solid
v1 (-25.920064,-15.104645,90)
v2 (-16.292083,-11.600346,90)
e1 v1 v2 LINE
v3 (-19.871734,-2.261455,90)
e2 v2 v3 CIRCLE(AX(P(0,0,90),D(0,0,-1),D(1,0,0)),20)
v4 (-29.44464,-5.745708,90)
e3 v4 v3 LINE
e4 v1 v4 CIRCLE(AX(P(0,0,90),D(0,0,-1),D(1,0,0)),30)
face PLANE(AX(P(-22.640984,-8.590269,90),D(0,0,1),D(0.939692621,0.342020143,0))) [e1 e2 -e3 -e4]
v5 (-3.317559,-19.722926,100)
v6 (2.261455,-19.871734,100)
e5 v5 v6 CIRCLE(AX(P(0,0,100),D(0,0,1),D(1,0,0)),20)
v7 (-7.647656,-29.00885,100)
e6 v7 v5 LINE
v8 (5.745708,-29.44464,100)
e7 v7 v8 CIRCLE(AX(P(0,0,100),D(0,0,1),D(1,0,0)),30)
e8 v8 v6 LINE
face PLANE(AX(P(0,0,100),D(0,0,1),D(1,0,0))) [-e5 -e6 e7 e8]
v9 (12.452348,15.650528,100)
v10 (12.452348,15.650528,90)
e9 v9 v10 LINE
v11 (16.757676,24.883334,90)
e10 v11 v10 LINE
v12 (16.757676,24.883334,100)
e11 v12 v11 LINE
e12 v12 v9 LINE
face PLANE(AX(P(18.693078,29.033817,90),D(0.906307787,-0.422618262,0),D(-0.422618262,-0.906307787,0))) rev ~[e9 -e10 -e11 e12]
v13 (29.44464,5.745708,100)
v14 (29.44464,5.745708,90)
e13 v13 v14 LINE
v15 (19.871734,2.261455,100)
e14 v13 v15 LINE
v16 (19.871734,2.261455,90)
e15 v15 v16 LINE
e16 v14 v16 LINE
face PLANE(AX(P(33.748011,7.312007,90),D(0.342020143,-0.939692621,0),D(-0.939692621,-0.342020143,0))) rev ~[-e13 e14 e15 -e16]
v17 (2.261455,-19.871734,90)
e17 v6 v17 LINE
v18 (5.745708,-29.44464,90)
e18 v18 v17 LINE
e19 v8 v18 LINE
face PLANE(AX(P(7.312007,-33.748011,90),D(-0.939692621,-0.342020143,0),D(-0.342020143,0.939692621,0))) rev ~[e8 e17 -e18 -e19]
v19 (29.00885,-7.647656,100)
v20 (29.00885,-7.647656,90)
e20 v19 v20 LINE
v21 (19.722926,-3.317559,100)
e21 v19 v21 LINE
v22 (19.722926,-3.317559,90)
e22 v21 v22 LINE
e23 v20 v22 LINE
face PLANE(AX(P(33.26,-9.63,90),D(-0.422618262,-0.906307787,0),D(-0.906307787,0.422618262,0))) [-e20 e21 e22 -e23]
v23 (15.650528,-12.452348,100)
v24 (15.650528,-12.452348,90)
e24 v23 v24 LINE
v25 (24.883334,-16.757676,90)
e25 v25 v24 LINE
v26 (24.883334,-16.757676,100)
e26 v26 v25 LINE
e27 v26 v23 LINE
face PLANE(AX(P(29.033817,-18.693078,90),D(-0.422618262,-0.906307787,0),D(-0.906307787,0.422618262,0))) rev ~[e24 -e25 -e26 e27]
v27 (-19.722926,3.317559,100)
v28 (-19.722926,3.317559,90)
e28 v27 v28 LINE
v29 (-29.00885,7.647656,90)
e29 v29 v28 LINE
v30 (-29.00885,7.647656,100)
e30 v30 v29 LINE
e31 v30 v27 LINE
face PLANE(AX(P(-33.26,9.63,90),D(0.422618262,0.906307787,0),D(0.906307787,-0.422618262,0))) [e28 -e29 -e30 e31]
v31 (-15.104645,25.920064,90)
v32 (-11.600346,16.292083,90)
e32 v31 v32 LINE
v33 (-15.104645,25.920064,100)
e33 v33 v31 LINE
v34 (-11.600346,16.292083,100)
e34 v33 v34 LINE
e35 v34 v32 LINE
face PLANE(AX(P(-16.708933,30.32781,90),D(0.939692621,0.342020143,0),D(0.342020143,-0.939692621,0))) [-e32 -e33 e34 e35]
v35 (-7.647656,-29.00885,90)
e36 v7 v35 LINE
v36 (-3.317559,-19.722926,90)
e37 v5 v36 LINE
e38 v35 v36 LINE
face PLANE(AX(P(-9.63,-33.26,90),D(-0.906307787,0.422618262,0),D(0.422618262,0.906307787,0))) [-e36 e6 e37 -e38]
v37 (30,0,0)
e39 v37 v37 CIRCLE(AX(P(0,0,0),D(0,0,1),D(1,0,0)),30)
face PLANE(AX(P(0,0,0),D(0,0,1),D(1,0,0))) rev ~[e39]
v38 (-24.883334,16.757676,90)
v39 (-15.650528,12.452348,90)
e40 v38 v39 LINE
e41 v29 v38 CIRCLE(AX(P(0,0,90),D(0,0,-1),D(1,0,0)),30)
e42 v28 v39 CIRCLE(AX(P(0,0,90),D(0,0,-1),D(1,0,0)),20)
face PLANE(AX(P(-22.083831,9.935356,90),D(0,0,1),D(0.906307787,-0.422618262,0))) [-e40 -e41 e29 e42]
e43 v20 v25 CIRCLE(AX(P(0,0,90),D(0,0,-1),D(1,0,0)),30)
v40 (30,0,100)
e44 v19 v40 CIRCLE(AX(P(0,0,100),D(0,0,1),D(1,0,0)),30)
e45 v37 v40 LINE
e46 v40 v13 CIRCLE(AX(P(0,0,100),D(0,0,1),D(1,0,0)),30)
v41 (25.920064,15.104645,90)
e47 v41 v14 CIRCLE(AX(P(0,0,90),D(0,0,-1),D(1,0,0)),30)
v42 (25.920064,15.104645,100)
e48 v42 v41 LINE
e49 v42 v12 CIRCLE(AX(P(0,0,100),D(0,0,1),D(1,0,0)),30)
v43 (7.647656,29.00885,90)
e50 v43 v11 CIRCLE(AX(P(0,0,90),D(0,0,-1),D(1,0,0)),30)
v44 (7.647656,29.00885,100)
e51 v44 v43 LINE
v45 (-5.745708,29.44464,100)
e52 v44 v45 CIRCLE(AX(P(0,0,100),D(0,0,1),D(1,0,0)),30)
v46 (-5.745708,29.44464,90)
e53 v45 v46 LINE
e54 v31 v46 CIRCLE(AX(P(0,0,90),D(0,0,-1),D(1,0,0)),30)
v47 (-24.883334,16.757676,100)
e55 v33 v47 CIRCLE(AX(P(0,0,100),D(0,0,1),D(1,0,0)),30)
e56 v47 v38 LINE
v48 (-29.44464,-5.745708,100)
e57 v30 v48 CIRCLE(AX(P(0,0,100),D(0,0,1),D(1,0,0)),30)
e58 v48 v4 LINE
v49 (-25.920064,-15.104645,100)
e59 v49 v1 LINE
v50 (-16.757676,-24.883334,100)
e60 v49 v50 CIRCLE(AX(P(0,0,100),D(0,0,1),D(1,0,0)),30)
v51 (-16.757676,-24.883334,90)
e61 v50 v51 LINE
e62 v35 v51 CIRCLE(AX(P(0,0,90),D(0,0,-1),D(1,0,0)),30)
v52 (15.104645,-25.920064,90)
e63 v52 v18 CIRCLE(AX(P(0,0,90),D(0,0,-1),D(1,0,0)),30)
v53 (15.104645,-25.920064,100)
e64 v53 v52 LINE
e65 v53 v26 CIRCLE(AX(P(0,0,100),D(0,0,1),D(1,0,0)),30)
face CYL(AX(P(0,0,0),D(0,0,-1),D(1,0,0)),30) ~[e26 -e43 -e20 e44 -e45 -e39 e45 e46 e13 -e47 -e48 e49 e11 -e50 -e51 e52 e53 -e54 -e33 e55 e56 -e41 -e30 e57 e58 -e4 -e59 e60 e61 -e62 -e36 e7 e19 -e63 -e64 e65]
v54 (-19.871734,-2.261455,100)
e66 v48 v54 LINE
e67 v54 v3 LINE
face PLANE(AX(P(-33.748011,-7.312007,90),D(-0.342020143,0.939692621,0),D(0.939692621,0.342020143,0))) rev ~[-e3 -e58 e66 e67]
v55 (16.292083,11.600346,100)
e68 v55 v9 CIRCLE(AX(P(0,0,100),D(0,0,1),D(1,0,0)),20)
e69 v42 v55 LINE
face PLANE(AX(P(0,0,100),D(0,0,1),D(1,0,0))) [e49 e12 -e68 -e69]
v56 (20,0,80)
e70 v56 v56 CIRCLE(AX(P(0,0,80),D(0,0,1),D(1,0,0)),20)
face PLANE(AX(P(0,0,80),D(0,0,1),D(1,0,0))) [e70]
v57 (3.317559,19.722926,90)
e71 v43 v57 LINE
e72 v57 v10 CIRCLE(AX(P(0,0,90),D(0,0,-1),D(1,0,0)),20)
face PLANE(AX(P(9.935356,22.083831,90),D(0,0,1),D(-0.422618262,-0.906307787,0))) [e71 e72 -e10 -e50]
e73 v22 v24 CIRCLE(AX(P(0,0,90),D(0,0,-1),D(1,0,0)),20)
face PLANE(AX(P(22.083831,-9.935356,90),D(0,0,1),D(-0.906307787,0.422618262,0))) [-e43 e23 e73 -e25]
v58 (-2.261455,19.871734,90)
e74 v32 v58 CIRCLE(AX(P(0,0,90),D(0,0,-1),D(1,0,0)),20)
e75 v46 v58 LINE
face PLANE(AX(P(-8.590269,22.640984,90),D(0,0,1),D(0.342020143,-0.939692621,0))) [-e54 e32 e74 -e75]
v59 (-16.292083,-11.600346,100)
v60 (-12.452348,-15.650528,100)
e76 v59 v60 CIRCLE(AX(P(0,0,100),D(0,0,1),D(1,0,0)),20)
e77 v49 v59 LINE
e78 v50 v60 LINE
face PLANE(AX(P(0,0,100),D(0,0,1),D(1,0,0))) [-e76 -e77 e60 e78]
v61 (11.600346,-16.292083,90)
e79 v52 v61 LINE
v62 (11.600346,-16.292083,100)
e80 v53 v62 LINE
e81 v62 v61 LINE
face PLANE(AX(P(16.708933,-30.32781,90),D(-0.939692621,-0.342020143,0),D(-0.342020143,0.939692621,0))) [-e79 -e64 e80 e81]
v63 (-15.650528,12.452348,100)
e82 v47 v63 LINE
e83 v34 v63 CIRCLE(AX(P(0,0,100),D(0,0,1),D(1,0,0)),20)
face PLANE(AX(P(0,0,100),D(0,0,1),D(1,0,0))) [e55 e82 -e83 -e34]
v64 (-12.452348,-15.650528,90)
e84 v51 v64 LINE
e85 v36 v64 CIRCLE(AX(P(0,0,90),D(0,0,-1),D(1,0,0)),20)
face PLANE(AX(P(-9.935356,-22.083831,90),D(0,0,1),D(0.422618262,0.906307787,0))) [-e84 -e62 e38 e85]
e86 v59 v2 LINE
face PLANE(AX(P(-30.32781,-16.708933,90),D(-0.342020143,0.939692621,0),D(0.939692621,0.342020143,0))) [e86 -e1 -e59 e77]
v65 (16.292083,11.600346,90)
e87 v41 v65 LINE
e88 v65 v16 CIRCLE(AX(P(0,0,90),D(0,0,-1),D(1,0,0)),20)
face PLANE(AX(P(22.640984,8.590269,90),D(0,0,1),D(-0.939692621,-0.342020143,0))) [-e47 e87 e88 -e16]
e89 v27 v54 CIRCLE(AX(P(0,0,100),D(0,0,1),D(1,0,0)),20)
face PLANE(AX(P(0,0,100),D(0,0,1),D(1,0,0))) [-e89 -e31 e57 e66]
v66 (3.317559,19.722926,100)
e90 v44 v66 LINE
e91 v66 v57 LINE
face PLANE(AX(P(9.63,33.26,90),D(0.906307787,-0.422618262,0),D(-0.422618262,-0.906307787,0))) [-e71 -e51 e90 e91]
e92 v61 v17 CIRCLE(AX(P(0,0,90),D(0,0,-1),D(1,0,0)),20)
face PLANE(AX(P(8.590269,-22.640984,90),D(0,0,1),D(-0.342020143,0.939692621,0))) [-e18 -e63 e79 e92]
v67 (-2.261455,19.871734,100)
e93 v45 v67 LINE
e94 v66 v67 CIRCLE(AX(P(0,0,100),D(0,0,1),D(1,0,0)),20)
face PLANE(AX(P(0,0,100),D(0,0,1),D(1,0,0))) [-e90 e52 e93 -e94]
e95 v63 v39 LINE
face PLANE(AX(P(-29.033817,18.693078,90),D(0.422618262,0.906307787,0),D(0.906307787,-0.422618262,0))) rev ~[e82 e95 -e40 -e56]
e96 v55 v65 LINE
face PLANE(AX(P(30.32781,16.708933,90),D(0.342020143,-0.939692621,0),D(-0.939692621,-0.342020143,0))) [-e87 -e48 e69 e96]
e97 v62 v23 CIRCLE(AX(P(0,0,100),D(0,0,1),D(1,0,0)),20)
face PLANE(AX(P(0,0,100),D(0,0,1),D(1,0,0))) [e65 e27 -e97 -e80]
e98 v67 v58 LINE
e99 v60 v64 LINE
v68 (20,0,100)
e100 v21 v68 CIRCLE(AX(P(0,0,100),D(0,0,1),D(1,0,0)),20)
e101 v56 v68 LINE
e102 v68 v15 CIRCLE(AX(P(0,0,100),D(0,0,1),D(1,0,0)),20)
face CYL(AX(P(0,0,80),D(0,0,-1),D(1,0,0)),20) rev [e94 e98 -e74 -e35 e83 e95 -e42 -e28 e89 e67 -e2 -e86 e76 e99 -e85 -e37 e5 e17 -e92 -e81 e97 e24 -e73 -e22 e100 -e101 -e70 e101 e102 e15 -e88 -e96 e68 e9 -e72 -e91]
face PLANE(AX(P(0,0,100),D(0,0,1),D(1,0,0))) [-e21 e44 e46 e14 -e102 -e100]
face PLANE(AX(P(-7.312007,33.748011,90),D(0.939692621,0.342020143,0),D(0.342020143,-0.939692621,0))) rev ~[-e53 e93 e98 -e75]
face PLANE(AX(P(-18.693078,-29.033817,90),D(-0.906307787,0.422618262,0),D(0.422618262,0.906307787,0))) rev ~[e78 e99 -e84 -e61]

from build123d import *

# Parameters (mm, degrees)
BOX_W               = 20
BOX_H               = 10
BOX_DEPTH           = 10
BOX_PLACEMENT_ANGLE = 25
ARRAY_COUNT         = 8
CYLINDER001_R       = 20
CYLINDER001_DEPTH   = 20
CYLINDER_R          = 30
CYLINDER_DEPTH      = 100


with BuildPart() as array:
    # Box → Box (new body)
    with BuildSketch(Plane.XY):
        with Locations((10, 5)):
            Rectangle(BOX_W, BOX_H)
    extrude(amount=BOX_DEPTH)


with BuildPart() as array_1:
    # Box placement: moved
    add(array.part.moved(Location((-33.26, 9.63, 0))).rotate(Axis((-33.26, 9.63, 0), (0, 0, -1)), BOX_PLACEMENT_ANGLE))

    # Array: Array ×8 about axis
    array_axis = Axis((0, 0, 0), (0, 0, 1))


with BuildPart() as array_2:
    add(array_1.part)
    for i in range(1, ARRAY_COUNT):
        add(array_1.part.rotate(array_axis, i * 360 / ARRAY_COUNT))


with BuildPart() as array_3:
    # Array placement: moved
    add(array_2.part.moved(Location((0, 0, 90))))


with BuildPart() as resta:
    # Cylinder001 → Cylinder001 (new body)
    with BuildSketch(Plane.XY.offset(80)):
        Circle(CYLINDER001_R)
    extrude(amount=CYLINDER001_DEPTH)


with BuildPart() as cut001:
    # Cylinder → Cylinder (new body)
    with BuildSketch(Plane.XY):
        Circle(CYLINDER_R)
    extrude(amount=CYLINDER_DEPTH)

    # Cut: cut resta
    add(resta.part, mode=Mode.SUBTRACT)

    # Cut001: cut Array
    add(array_3.part, mode=Mode.SUBTRACT)


solid = cut001.part
